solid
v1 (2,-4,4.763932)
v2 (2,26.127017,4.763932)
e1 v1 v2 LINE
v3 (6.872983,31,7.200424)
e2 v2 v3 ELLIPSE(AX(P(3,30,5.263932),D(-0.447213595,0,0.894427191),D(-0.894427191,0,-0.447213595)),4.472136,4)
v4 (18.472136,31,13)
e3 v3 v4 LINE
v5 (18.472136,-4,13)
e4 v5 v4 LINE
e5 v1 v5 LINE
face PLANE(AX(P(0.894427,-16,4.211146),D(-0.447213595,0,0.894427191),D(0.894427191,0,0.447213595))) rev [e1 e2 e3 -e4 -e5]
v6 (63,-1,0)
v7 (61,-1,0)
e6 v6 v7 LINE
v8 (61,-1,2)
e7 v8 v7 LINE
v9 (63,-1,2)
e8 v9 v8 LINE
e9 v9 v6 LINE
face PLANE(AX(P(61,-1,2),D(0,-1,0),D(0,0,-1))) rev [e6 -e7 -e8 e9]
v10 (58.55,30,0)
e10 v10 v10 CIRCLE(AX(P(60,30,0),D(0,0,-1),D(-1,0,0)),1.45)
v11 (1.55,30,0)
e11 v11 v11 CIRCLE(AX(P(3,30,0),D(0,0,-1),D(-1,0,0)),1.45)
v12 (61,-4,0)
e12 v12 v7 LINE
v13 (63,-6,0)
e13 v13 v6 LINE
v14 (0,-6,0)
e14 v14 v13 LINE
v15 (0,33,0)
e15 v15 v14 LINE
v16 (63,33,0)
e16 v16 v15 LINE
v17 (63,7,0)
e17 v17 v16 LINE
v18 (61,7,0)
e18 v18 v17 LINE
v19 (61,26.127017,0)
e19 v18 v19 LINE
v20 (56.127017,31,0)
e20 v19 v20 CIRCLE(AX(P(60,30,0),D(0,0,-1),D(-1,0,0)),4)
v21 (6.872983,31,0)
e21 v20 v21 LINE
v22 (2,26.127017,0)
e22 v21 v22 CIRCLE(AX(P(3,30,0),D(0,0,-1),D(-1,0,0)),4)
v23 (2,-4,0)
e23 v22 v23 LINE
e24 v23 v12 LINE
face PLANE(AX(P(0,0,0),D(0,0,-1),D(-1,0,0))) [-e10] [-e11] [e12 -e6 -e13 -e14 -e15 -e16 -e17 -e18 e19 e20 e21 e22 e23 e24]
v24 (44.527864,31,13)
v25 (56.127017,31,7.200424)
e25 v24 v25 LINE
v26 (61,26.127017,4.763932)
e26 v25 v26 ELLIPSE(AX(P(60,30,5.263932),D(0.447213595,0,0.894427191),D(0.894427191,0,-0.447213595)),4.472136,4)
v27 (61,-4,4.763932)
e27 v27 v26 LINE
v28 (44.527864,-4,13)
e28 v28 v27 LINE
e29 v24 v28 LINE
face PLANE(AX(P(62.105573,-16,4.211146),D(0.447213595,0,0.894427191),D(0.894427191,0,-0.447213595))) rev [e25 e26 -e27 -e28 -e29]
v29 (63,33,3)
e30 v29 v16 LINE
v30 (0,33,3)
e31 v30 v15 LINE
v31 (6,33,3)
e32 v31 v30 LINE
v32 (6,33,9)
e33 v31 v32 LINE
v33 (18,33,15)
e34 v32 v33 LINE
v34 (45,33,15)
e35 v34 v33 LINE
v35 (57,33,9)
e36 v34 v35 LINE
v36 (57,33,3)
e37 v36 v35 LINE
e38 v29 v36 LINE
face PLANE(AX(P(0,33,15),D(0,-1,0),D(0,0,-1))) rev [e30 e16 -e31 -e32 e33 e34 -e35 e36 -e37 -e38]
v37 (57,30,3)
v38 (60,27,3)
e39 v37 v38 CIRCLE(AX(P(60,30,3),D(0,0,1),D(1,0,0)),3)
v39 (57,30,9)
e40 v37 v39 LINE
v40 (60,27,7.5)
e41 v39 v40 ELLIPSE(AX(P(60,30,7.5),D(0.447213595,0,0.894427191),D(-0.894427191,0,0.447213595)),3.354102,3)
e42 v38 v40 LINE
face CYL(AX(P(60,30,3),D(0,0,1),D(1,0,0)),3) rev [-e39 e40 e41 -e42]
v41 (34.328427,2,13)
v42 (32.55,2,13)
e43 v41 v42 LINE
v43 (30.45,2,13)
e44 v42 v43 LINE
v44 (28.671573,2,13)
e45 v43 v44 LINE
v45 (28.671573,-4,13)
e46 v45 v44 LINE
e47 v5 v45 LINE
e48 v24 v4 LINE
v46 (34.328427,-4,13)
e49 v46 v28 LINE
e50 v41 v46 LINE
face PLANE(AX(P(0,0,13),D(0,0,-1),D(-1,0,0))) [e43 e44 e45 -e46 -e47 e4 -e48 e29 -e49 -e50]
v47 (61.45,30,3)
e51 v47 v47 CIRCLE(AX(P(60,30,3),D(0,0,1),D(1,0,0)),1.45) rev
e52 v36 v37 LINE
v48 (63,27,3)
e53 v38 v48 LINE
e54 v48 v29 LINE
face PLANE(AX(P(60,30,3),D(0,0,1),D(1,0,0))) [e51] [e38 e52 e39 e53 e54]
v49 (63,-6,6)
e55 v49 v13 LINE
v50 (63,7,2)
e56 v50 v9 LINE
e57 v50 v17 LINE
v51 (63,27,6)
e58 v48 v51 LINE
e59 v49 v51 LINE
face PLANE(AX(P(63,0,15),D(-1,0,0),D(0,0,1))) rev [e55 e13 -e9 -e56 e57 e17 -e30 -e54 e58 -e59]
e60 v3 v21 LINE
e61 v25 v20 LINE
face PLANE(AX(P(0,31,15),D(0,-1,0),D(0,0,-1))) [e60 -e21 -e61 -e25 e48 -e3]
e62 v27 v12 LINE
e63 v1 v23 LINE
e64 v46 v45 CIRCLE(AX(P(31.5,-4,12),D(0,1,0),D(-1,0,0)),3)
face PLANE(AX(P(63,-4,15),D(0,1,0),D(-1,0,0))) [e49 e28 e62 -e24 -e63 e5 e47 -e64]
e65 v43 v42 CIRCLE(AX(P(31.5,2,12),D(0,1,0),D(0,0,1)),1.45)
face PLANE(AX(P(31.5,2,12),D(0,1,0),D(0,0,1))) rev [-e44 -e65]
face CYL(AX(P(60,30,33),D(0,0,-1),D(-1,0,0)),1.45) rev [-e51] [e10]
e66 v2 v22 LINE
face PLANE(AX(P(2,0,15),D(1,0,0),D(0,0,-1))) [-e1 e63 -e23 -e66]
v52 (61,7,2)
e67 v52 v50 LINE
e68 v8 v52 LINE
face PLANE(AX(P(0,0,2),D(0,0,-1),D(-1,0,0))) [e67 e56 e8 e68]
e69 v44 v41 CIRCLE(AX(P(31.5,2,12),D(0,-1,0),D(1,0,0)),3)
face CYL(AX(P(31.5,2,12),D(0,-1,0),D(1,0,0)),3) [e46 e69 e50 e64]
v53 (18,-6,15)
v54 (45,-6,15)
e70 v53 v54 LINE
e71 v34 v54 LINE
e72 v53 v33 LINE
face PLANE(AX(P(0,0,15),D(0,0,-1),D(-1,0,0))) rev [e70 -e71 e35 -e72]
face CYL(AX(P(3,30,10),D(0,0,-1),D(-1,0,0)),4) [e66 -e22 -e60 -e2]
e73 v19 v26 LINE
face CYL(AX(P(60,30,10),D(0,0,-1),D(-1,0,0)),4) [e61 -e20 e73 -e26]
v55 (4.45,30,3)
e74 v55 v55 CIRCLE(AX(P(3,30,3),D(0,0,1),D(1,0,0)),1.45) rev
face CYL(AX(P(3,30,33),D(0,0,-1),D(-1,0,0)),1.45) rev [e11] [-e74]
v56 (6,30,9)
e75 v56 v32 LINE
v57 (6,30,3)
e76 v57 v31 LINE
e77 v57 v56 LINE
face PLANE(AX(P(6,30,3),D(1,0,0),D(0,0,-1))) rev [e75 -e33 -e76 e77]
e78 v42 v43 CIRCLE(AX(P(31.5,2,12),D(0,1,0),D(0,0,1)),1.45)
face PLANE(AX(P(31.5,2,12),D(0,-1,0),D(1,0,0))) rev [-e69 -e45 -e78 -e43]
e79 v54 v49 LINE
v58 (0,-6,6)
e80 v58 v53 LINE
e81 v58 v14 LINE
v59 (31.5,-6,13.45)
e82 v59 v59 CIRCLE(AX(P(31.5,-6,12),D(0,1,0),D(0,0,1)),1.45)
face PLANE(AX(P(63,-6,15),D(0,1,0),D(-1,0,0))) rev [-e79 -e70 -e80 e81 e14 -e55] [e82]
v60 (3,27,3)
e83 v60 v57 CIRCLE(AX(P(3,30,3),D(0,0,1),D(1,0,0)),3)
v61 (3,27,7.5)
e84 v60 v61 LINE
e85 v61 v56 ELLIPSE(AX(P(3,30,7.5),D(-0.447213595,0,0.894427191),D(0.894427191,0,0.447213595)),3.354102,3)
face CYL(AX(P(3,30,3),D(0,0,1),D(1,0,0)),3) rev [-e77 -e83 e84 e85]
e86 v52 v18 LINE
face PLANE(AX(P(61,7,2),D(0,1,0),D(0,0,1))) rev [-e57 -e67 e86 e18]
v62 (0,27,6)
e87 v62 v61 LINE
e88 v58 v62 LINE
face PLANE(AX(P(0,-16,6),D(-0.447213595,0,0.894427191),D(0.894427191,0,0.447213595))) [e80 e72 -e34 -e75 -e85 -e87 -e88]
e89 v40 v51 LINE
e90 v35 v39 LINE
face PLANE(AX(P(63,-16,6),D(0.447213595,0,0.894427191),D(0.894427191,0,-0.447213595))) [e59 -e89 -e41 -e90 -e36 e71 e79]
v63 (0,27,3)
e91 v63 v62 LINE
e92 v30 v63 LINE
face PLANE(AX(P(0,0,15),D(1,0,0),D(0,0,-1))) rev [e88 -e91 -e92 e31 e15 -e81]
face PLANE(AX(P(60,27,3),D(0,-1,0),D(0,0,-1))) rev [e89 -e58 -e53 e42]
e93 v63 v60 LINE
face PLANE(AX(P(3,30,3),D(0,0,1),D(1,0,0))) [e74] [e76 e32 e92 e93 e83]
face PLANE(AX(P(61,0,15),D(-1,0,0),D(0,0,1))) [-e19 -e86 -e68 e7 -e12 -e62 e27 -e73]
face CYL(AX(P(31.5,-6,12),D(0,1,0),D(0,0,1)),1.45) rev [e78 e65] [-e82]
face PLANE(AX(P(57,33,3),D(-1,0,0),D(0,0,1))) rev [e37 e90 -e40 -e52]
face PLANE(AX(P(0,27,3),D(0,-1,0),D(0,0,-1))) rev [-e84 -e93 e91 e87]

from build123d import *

# Parameters (mm, degrees)
SALIENTE_EXTRUIR1_DEPTH    = 15
CORTAR_EXTRUIR1_DEPTH      = 10
CORTAR_EXTRUIR1_DEPTH_BACK = 39
VACIADO1_T                 = -2
SALIENTE_EXTRUIR2_DEPTH    = 10
CORTAR_EXTRUIR2_DEPTH      = 39
CROQUIS9_R                 = 1.45
CORTAR_EXTRUIR3_DEPTH      = 33
CORTAR_EXTRUIR4_DEPTH      = 12
CROQUIS11_W                = 2
CROQUIS11_H                = 8
CORTAR_EXTRUIR5_DEPTH      = 2
CROQUIS14_R                = 3
SALIENTE_EXTRUIR3_DEPTH    = 8
CROQUIS15_R                = 1.45
CORTAR_EXTRUIR6_DEPTH      = 8


with BuildPart() as part:
    # Croquis1 → Saliente-Extruir1 (new body)
    with BuildSketch(Plane.XY):
        Polygon((0, 0), (0, 33), (63, 33), (63, 0), (63, -6), (0, -6), align=None)
    extrude(amount=SALIENTE_EXTRUIR1_DEPTH)

    # Croquis2 → Cortar-Extruir1 (cut, two sides: drawn at the far end of the back side and taken through both)
    with BuildSketch(Plane.XZ.offset(6).offset(-CORTAR_EXTRUIR1_DEPTH_BACK)):
        Polygon((0, 15), (0, 6), (18, 15), align=None)
        Polygon((63, 15), (63, 6), (45, 15), align=None)
    extrude(amount=CORTAR_EXTRUIR1_DEPTH + CORTAR_EXTRUIR1_DEPTH_BACK, mode=Mode.SUBTRACT)

    # Vaciado1
    vaciado1_openings = [part.faces().sort_by_distance(p)[0] for p in [
        (31.5, 13.5, 0),
    ]]
    offset(amount=VACIADO1_T, openings=vaciado1_openings, kind=Kind.INTERSECTION)

    # Croquis3 → Saliente-Extruir2 (add)
    with BuildSketch(Plane(origin=(0, 0, 0), x_dir=(-1, 0, 0), z_dir=(0, 0, -1))):
        with BuildLine():
            Line((-63, 30), (-63, 27.354248689))
            ThreePointArc((-63, 27.354248689), (-58.125593258, 26.466361738), (-56.127016654, 31))
            Line((-56.127016654, 31), (-57.171572875, 31))
            ThreePointArc((-57.171572875, 31), (-60.507305936, 32.956795679), (-63, 30))
        make_face()
        with BuildLine():
            Line((-6.872983346, 31), (-5.828427125, 31))
            ThreePointArc((-5.828427125, 31), (-0.878679656, 32.121320344), (-2, 27.171572875))
            Line((-2, 27.171572875), (-2, 26.127016654))
            ThreePointArc((-2, 26.127016654), (-5.828427125, 27.171572875), (-6.872983346, 31))
        make_face()
    extrude(amount=-SALIENTE_EXTRUIR2_DEPTH)

    # Croquis8 → Cortar-Extruir2 (cut)
    with BuildSketch(Plane.XZ.offset(6)):
        Polygon((0, 6), (0, 18.606217888), (63, 18.606217888), (63, 6), (45, 15), (18, 15), align=None)
    extrude(amount=-CORTAR_EXTRUIR2_DEPTH, mode=Mode.SUBTRACT)

    # Croquis9 → Cortar-Extruir3 (cut)
    with BuildSketch(Plane(origin=(0, 0, 0), x_dir=(-1, 0, 0), z_dir=(0, 0, -1))):
        with Locations((-60, 30)):
            Circle(CROQUIS9_R)
        with Locations((-3, 30)):
            Circle(CROQUIS9_R)
    extrude(amount=-CORTAR_EXTRUIR3_DEPTH, mode=Mode.SUBTRACT)

    # Croquis10 → Cortar-Extruir4 (cut)
    with BuildSketch(Plane.XY.offset(15)):
        with BuildLine():
            Line((6, 30), (6, 33))
            Line((6, 33), (0, 33))
            Line((0, 33), (0, 27))
            Line((0, 27), (3, 27))
            ThreePointArc((3, 27), (5.121320344, 27.878679656), (6, 30))
        make_face()
        with BuildLine():
            Line((60, 27), (63, 27))
            Line((63, 27), (63, 33))
            Line((63, 33), (57, 33))
            Line((57, 33), (57, 30))
            ThreePointArc((57, 30), (57.878679656, 27.878679656), (60, 27))
        make_face()
    extrude(amount=-CORTAR_EXTRUIR4_DEPTH, mode=Mode.SUBTRACT)

    # Croquis11 → Cortar-Extruir5 (cut)
    with BuildSketch(Plane(origin=(0, 0, 0), x_dir=(-1, 0, 0), z_dir=(0, 0, -1))):
        with Locations((-62, 3)):
            Rectangle(CROQUIS11_W, CROQUIS11_H)
    extrude(amount=-CORTAR_EXTRUIR5_DEPTH, mode=Mode.SUBTRACT)

    # Croquis14 → Saliente-Extruir3 (add)
    with BuildSketch(Plane.XZ.offset(6)):
        with Locations((31.5, 12)):
            Circle(CROQUIS14_R)
    extrude(amount=-SALIENTE_EXTRUIR3_DEPTH)

    # Croquis15 → Cortar-Extruir6 (cut)
    with BuildSketch(Plane(origin=(0, 2, 0), x_dir=(1, 0, 0), z_dir=(0, 1, 0))):
        with Locations(Location((31.5, -12, 0), (0, 0, 270))):
            Circle(CROQUIS15_R)
    extrude(amount=-CORTAR_EXTRUIR6_DEPTH, mode=Mode.SUBTRACT)


solid = part.part
